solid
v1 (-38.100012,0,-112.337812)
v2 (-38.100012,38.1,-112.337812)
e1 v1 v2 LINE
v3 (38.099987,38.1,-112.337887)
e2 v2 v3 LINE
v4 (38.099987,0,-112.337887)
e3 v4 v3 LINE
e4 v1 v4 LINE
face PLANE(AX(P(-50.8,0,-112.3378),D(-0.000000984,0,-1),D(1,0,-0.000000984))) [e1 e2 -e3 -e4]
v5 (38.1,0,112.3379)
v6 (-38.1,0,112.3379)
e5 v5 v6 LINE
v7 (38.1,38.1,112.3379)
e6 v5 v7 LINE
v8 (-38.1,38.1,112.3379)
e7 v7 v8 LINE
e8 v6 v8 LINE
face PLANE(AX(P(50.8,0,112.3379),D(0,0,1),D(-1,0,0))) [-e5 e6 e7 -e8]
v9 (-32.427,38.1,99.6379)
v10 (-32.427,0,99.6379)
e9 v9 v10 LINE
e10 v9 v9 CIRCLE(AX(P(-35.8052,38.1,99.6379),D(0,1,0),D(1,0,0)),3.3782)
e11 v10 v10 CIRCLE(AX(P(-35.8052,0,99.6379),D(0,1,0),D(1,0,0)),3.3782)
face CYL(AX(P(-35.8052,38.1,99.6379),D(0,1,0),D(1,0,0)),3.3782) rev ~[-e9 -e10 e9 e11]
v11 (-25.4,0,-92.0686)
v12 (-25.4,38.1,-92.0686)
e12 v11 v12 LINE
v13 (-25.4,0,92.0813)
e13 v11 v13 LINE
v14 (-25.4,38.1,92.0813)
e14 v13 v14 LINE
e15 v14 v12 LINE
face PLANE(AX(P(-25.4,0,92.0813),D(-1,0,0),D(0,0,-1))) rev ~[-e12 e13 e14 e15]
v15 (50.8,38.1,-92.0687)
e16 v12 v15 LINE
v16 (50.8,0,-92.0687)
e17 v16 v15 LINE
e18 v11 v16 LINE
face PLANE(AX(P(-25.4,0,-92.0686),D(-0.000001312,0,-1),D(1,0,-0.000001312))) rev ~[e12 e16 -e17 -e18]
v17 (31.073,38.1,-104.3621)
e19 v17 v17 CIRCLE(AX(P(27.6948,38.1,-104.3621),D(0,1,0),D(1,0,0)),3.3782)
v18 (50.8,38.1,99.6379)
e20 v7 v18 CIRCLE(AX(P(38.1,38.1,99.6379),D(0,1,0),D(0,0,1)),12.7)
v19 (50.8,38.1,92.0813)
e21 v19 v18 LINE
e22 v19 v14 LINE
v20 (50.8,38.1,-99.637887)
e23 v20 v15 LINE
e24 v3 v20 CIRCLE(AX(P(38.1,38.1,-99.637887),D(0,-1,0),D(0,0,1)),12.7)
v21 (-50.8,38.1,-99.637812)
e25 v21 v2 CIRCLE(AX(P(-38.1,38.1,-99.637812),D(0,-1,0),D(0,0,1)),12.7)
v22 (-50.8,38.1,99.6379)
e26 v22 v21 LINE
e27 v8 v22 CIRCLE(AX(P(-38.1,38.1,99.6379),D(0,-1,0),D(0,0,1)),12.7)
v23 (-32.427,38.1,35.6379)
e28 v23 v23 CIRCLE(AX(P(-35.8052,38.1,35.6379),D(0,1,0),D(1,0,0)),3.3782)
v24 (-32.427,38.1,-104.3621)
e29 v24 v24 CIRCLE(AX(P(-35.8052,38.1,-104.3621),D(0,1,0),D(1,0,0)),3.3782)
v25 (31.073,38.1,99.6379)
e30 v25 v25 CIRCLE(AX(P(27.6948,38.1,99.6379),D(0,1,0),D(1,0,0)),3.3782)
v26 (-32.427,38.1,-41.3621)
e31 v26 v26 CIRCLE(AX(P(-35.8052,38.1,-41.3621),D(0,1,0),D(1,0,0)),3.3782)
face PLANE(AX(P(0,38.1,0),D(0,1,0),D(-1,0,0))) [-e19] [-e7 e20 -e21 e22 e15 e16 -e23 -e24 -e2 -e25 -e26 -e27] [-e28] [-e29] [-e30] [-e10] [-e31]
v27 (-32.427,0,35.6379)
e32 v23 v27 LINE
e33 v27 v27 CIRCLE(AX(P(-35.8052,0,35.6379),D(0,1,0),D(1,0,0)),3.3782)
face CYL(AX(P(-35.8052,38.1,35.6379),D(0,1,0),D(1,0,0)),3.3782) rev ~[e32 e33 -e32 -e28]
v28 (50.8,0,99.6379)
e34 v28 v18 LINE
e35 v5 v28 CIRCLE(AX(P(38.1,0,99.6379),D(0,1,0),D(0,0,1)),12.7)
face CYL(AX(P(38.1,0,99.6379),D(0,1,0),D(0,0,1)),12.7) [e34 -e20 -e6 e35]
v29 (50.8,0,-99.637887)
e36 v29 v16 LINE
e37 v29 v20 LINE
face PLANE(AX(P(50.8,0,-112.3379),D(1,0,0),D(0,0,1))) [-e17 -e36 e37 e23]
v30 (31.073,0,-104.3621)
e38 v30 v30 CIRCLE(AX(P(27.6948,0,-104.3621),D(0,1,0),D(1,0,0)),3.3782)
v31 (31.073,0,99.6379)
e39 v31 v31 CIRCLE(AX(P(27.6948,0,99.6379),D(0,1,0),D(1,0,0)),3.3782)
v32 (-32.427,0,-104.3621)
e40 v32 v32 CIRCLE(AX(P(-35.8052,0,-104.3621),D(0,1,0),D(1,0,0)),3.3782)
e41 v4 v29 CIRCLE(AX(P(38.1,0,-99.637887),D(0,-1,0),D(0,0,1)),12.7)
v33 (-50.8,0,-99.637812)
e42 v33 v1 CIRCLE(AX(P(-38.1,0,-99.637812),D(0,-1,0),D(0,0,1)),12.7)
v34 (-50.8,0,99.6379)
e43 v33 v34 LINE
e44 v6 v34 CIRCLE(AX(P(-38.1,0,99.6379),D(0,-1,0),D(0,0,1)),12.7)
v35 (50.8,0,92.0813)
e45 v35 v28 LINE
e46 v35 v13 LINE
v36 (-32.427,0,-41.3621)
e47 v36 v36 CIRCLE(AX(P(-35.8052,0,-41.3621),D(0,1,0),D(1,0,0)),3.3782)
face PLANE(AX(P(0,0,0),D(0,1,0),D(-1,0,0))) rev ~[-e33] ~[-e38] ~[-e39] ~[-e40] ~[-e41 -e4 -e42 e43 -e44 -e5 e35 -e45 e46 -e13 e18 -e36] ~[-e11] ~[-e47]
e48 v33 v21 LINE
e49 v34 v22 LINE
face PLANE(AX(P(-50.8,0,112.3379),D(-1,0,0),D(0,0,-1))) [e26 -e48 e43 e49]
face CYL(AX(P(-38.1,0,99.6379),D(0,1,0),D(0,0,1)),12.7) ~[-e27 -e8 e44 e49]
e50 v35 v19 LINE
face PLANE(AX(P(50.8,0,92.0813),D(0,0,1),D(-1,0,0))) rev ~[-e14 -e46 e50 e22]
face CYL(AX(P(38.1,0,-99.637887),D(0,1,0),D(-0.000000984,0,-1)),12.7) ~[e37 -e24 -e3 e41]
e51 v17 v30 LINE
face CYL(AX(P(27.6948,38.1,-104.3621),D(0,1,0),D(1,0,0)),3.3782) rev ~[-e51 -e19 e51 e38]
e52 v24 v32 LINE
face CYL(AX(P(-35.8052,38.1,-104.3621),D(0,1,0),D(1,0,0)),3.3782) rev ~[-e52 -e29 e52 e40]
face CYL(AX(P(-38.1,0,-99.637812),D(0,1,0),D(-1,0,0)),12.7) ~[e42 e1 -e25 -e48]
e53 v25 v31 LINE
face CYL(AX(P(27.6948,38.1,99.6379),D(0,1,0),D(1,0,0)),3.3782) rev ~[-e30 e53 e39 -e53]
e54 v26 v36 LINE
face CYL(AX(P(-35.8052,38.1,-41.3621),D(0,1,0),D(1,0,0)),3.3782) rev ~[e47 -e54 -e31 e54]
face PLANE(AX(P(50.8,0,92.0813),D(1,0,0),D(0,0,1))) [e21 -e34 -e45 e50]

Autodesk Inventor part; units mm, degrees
ref_plane "YZ Plane" through (0, 0, 0) normal (1, 0, 0) x (0, 1, 0)
ref_plane "XZ Plane" through (0, 0, 0) normal (0, 1, 0) x (-1, 0, 0)
ref_plane "XY Plane" through (0, 0, 0) normal (0, 0, 1) x (1, 0, 0)
sketch "Sketch1" plane through (0, 0, 0) normal (0, 1, 0) x (-1, 0, 0)
  line L0 (-50.8, 112.3379) -> (50.8, 112.3379)
  line L1 (50.8, 112.3379) -> (50.8, -112.3378)
  line L2 (50.8, -112.3378) -> (-50.8, -112.3379)
  line L3 (-50.8, -112.3379) -> (-50.8, 112.3379)
  line L4 (-50.8, 112.3379) -> (50.8, -112.3378) construction
  line L5 (50.8, 112.3379) -> (-50.8, -112.3379) construction
  line L6 (-50.8, 92.0813) -> (25.4, 92.0813)
  line L7 (25.4, 92.0813) -> (25.4, -92.0686)
  line L8 (25.4, -92.0686) -> (-50.8, -92.0687)
  line L9 (0, 0) -> (56.1136, 0) construction
  line L10 (76.673, 0) -> (-65.4748, 0)
  line L11 (-31.0246, 99.6379) -> (-31.0246, 0.0063) construction
  line L12 (-31.0246, 0.0063) -> (34.0182, 0.0063) construction
  point P0 (25.4, 0.0063)
  point P1 (-31.0246, -99.6379)
  dimension "d0" = 101.6
  dimension "d56" = 184.15
  dimension "d57" = 76.2
  dimension "d58" = 76.2
  dimension "d60" = 12.7
  dimension "d61" = 12.7
  dimension "d62" = 99.6315
  dimension "d63" = 0
  dimension "d64" = 7.5692
extrude "Extrusion1" add sketch "Sketch1" along normal blind 38.1 contours L0 L1 L10 L7 L6 L3 | L1 L2 L3 L8 L7 L10
fillet "Fillet1" radius 12.7 4 edges at (50.8, 19.05, 112.3379) (-50.8, 19.05, 112.3379) (-50.8, 19.05, -112.3378) (50.8, 19.05, -112.3379)
sketch "Sketch2" plane through (0, 38.1, 0) normal (0, 1, 0) x (1, 0, 0)
  line L0 (-38.1, -112.3379) -> (38.1, -112.3379) projected
  circle A0 centre (-35.8052, -99.6379) radius 3.3782
  line L1 (-35.8052, -99.6379) -> (-35.8052, 104.3621) construction
  line L2 (-35.8052, -99.6379) -> (27.6948, -99.6379) construction
  line L3 (-35.8052, 104.3621) -> (40.3948, 104.3621) construction
  circle A1 centre (-35.8052, -86.3537) radius 3.3782 construction
  line L4 (-39.1834, -96.2597) -> (-30.0963, -96.2597) construction
  circle A2 centre (-35.8052, -73.0695) radius 3.3782 construction
  circle A3 centre (-35.8052, -59.7853) radius 3.3782 construction
  circle A4 centre (-35.8052, -46.5011) radius 3.3782 construction
  circle A5 centre (-35.8052, -33.2169) radius 3.3782 construction
  circle A6 centre (-35.8052, -19.9327) radius 3.3782 construction
  circle A7 centre (-35.8052, -6.6485) radius 3.3782 construction
  circle A8 centre (-35.8052, 6.6357) radius 3.3782 construction
  circle A9 centre (-35.8052, 19.9199) radius 3.3782 construction
  circle A10 centre (-35.8052, 33.2041) radius 3.3782 construction
  circle A11 centre (-35.8052, 46.4883) radius 3.3782 construction
  circle A12 centre (-35.8052, 59.7725) radius 3.3782 construction
  circle A13 centre (-35.8052, 73.0567) radius 3.3782 construction
  circle A14 centre (-35.8052, 86.3409) radius 3.3782 construction
  circle A15 centre (-35.8052, 99.6251) radius 3.3782 construction
  circle A16 centre (-22.521, -99.6379) radius 3.3782 construction
  circle A17 centre (-9.2368, -99.6379) radius 3.3782 construction
  circle A18 centre (4.0474, -99.6379) radius 3.3782 construction
  circle A19 centre (17.3316, -99.6379) radius 3.3782 construction
  circle A20 centre (30.6158, -99.6379) radius 3.3782 construction
  circle A21 centre (43.9, -99.6379) radius 3.3782 construction
  circle A22 centre (30.6158, 99.6251) radius 3.3782 construction
  circle A23 centre (30.6158, -99.6379) radius 3.3782 construction
  circle A24 centre (-35.8052, 99.6251) radius 3.3782 construction
  circle A25 centre (-35.8052, 33.2041) radius 3.3782 construction
  circle A26 centre (-35.8052, -33.2169) radius 3.3782 construction
  circle A27 centre (-35.8052, 104.3621) radius 3.3782
  circle A28 centre (-35.8052, -35.6379) radius 3.3782
  circle A29 centre (-35.8052, 41.3621) radius 3.3782
  circle A30 centre (27.6948, -99.6379) radius 3.3782
  circle A31 centre (27.6948, 104.3621) radius 3.3782
  point P0 (0, 0)
  dimension "d8" = 12.7
  dimension "d9" = 64
  dimension "d10" = 141
  dimension "d11" = 204
  dimension "d12" = 63.5
  dimension "d13" = 6.7564
  dimension "d22" = 13.2842
  dimension "d25" = 13.2842
  dimension "d30" = 13.2842
  dimension "d33" = 13.2842
  dimension "d38" = 6.7564
  dimension "d39" = 6.7564
  dimension "d40" = 6.7564
  dimension "d41" = 6.7564
  dimension "d42" = 6.7564
  dimension "d65" = 6.7564
  dimension "d66" = 6.7564
  dimension "d67" = 6.7564
  dimension "d68" = 6.7564
  dimension "d69" = 6.7564
extrude "Extrusion4" cut sketch "Sketch2" against normal through all
equation "\"d25\" = d22"
equation "\"d30\" = d22"
equation "\"d33\" = d22"
properties part number "#10fbh"
